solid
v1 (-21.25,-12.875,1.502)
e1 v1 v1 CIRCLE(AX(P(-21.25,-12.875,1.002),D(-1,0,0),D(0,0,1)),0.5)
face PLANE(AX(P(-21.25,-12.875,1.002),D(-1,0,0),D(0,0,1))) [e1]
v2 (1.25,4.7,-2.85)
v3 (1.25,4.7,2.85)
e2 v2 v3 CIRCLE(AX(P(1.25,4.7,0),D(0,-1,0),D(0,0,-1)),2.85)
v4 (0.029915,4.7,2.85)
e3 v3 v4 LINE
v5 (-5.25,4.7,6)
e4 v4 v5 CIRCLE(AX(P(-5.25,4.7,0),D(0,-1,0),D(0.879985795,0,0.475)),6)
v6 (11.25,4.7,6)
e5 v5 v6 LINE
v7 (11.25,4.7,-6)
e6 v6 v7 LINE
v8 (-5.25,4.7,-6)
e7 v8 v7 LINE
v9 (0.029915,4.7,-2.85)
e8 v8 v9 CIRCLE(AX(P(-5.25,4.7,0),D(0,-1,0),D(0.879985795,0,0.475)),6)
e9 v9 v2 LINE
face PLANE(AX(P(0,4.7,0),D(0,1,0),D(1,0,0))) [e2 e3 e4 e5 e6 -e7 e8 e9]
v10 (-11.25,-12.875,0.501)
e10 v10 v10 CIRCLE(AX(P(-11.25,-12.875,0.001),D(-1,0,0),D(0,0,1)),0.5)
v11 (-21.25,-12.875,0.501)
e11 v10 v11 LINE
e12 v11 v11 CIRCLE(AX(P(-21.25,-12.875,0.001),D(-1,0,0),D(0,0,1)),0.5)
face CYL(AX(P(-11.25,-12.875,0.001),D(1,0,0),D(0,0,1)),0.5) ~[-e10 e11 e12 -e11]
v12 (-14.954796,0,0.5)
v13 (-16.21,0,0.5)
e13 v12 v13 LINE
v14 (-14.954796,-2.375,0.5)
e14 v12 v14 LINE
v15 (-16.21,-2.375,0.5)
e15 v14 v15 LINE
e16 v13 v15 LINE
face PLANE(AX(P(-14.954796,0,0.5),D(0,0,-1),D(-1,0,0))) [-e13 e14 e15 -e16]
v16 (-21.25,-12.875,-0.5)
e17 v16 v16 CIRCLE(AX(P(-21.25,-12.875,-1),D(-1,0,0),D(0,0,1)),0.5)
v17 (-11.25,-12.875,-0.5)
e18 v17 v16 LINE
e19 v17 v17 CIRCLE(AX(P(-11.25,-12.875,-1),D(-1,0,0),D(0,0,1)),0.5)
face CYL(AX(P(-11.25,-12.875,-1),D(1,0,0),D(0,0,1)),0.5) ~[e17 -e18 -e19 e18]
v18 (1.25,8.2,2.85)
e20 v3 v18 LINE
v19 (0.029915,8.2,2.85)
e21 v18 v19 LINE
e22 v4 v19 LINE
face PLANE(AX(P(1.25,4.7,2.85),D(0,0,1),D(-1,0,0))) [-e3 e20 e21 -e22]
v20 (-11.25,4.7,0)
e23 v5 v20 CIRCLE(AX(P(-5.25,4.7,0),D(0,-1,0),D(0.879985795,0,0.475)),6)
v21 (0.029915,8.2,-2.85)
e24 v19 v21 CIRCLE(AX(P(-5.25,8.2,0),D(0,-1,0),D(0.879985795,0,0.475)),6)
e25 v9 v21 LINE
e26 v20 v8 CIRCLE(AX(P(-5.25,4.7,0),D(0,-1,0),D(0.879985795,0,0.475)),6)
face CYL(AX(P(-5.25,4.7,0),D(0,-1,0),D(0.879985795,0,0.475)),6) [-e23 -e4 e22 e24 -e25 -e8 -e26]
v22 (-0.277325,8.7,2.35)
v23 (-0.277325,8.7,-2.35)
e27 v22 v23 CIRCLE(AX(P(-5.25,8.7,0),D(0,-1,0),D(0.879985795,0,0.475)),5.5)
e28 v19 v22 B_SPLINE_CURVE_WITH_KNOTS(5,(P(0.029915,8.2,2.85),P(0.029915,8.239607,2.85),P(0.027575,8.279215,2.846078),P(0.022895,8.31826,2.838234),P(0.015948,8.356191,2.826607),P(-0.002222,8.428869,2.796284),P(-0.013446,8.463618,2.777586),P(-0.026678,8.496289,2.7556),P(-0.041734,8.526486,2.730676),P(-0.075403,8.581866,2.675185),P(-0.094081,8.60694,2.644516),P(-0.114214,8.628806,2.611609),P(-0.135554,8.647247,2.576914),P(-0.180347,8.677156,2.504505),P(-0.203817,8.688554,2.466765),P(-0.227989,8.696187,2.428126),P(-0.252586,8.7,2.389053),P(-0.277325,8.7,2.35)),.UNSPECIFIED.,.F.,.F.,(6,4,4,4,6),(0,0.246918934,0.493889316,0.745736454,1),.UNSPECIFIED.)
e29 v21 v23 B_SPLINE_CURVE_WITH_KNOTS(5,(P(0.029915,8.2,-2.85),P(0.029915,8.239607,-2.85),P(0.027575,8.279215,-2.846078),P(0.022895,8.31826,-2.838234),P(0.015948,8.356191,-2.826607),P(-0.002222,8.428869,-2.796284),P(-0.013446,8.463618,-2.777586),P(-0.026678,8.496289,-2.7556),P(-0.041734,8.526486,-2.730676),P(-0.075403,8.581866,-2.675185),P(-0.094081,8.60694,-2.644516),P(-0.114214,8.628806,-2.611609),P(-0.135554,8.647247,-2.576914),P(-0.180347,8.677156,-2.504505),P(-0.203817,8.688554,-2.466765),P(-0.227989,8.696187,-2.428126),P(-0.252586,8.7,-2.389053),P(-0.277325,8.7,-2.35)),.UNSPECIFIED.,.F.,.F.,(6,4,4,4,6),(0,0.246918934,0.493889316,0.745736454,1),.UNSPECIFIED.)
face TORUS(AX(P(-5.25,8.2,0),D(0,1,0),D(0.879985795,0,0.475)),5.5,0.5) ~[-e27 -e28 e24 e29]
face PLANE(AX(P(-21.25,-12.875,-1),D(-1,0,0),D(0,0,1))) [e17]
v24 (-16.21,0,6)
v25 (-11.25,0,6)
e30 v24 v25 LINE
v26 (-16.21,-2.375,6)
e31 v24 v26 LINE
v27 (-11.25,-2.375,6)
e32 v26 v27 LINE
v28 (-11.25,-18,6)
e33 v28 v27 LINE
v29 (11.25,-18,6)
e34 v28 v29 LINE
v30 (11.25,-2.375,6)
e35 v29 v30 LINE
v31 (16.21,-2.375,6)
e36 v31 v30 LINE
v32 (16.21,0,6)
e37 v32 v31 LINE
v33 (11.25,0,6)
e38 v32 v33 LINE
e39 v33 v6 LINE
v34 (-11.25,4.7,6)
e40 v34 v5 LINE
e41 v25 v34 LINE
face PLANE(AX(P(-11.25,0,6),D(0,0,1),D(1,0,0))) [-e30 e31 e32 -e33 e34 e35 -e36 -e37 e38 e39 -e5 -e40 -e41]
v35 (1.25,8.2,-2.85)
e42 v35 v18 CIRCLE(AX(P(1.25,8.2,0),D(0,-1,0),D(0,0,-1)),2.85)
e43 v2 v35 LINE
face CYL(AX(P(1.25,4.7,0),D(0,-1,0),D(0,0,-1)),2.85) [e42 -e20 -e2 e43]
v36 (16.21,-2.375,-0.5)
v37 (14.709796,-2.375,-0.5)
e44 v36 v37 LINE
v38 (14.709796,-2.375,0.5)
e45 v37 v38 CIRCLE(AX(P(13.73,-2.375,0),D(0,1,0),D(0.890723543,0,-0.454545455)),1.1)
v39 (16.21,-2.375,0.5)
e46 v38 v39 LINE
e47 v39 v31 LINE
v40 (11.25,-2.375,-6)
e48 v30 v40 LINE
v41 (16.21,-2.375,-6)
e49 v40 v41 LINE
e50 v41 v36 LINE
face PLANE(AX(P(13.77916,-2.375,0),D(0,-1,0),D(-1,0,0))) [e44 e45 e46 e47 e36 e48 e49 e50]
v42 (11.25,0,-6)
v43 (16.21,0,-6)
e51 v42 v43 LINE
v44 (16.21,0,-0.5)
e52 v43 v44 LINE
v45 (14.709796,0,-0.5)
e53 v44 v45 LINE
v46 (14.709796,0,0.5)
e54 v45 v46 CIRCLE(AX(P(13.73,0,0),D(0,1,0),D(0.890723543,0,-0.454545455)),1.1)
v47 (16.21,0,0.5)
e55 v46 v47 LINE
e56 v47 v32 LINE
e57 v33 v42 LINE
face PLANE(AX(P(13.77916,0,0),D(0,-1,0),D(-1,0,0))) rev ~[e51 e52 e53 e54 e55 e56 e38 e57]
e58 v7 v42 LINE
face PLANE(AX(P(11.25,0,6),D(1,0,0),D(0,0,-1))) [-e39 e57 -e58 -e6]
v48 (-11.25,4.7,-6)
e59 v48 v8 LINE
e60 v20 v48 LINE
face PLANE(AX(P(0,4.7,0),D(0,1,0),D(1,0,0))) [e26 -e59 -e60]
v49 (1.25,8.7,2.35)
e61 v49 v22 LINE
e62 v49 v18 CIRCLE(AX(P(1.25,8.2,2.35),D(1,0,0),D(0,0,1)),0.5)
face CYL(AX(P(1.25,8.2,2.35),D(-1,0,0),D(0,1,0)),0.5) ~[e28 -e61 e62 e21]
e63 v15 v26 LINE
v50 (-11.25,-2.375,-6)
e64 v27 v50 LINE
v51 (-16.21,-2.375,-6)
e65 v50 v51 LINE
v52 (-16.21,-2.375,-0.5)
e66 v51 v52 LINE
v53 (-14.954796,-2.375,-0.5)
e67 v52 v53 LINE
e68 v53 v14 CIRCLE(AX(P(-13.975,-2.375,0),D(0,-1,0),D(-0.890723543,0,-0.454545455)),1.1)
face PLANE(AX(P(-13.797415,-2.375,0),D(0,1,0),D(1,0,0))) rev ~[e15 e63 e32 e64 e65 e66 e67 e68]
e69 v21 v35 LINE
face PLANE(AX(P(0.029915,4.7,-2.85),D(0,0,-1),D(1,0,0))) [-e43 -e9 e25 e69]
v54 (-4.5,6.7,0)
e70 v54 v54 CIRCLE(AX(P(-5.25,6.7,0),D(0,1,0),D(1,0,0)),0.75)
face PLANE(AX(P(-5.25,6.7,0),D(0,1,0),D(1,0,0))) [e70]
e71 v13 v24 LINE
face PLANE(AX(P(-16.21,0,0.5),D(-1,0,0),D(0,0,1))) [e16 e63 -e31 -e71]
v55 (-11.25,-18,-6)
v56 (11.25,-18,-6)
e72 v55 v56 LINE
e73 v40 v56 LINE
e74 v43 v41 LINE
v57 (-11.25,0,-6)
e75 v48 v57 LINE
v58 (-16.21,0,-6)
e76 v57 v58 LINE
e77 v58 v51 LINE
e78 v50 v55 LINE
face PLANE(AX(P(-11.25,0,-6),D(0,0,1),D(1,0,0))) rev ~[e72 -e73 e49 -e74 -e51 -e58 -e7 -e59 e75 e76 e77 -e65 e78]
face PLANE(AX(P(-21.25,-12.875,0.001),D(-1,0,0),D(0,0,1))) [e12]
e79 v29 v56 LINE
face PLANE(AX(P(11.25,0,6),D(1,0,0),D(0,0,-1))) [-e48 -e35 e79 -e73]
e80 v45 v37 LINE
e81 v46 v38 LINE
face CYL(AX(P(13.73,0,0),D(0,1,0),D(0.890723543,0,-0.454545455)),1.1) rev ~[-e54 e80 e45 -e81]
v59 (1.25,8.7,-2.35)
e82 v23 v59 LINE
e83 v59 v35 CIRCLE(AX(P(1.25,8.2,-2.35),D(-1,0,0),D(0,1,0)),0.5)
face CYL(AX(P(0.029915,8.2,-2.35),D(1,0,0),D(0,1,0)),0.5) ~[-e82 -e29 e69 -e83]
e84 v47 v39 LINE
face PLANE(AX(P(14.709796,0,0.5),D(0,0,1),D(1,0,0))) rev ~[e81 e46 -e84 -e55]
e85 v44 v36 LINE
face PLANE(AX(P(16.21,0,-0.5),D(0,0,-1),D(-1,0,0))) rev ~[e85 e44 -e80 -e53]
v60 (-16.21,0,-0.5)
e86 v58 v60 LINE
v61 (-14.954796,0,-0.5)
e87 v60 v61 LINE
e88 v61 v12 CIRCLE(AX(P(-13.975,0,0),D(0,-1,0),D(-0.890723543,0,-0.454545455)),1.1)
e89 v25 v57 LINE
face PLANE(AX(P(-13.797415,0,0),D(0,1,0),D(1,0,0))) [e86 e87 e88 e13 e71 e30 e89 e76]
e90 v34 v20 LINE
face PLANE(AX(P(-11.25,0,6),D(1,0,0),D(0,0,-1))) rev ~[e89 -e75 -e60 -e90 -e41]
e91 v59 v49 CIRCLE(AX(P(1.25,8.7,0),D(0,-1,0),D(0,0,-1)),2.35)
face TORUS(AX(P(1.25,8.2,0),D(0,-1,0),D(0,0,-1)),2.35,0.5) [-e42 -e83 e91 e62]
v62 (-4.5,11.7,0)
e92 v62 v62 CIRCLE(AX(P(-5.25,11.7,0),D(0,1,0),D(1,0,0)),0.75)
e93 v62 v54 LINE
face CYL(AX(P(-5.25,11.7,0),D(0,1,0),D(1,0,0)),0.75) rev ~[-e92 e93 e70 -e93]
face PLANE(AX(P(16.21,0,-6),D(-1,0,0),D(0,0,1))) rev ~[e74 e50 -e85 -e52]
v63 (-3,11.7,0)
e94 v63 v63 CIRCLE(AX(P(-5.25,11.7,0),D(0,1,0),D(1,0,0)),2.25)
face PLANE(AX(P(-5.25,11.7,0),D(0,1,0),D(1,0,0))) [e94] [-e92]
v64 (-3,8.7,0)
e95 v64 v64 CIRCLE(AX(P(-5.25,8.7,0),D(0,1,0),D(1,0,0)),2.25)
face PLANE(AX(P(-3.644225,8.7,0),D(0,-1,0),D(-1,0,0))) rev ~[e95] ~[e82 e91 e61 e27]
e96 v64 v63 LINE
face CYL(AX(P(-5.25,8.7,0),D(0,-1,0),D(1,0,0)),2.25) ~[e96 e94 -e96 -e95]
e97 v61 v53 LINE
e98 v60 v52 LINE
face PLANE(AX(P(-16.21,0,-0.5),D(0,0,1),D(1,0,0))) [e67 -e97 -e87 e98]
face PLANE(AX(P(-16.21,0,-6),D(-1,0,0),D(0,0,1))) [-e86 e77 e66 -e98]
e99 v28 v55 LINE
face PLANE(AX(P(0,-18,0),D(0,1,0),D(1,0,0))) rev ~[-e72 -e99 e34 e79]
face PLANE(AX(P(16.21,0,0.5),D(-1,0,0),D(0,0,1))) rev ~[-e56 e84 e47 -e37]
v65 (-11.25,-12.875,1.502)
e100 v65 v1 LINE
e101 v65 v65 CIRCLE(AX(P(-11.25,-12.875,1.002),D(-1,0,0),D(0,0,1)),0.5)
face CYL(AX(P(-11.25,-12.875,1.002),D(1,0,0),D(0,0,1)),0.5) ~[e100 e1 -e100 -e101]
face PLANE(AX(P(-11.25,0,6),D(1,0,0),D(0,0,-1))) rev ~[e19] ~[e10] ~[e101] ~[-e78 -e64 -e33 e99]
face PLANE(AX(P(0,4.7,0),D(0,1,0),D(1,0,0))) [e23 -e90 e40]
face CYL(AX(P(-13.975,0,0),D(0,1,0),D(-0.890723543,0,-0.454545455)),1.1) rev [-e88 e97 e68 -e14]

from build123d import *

# Parameters (mm, degrees)
BODY_DEPTH             = 4.7
BODY_DEPTH_BACK        = 18
ESBO_O1_W              = 22.5
ESBO_O1_H              = 12
TABS_DEPTH             = 2.375
TOP_GEAR_HOUSING_DEPTH = 4
ESBO_O4_R              = 2.25
SHAFT_DEPTH            = 3
ESBO_O5_R              = 0.75
SHAFT_HOLE_DEPTH       = 5
FILETE2_R              = 0.5
SKETCH1_R              = 0.5
BOSS_EXTRUDE1_DEPTH    = 10
LPATTERN2_COUNT        = 3
LPATTERN2_PITCH        = 1.001


with BuildPart() as part:
    # Esboço1 → Body (new, two sides: drawn at the far end of the back side and taken through both)
    with BuildSketch(Plane(origin=(0, 0, 0), x_dir=(1, 0, 0), z_dir=(0, 1, 0)).offset(-BODY_DEPTH_BACK)):
        Rectangle(ESBO_O1_W, ESBO_O1_H)
    extrude(amount=BODY_DEPTH + BODY_DEPTH_BACK)

    # Esboço2 → tabs (add)
    with BuildSketch(Plane(origin=(0, 0, 0), x_dir=(1, 0, 0), z_dir=(0, 1, 0))):
        with BuildLine():
            Line((-11.25, 6), (-16.21, 6))
            Line((-16.21, 6), (-16.21, 0.5))
            Line((-16.21, 0.5), (-14.954795897, 0.5))
            ThreePointArc((-14.954795897, 0.5), (-12.875, 0), (-14.954795897, -0.5))
            Line((-14.954795897, -0.5), (-16.21, -0.5))
            Line((-16.21, -0.5), (-16.21, -6))
            Line((-16.21, -6), (-11.25, -6))
            Line((-11.25, -6), (-11.25, 6))
        make_face()
        with BuildLine():
            Line((11.25, 6), (16.21, 6))
            Line((16.21, 6), (16.21, 0.5))
            Line((16.21, 0.5), (14.709795897, 0.5))
            ThreePointArc((14.709795897, 0.5), (12.63, 0), (14.709795897, -0.5))
            Line((14.709795897, -0.5), (16.21, -0.5))
            Line((16.21, -0.5), (16.21, -6))
            Line((16.21, -6), (11.25, -6))
            Line((11.25, -6), (11.25, 6))
        make_face()
    extrude(amount=-TABS_DEPTH)

    # Esboço3 → Top Gear Housing (add)
    with BuildSketch(Plane(origin=(0, 4.7, 0), x_dir=(1, 0, 0), z_dir=(0, 1, 0))):
        with BuildLine():
            Line((0.029914772, 2.85), (1.25, 2.85))
            ThreePointArc((1.25, 2.85), (4.1, 0), (1.25, -2.85))
            Line((1.25, -2.85), (0.029914772, -2.85))
            ThreePointArc((0.029914772, -2.85), (-11.25, 0), (0.029914772, 2.85))
        make_face()
    extrude(amount=TOP_GEAR_HOUSING_DEPTH)

    # Esboço4 → shaft (add)
    with BuildSketch(Plane(origin=(0, 8.7, 0), x_dir=(1, 0, 0), z_dir=(0, 1, 0))):
        with Locations((-5.25, 0)):
            Circle(ESBO_O4_R)
    extrude(amount=SHAFT_DEPTH)

    # Esboço5 → shaft hole (cut)
    with BuildSketch(Plane(origin=(0, 11.7, 0), x_dir=(1, 0, 0), z_dir=(0, 1, 0))):
        with Locations((-5.25, 0)):
            Circle(ESBO_O5_R)
    extrude(amount=-SHAFT_HOLE_DEPTH, mode=Mode.SUBTRACT)

    # Filete2
    filete2_edges = [part.edges().sort_by_distance(p)[0] for p in [
        (0.639957386, 8.7, 2.85),
        (0.639957386, 8.7, -2.85),
        (4.1, 8.7, 0),
        (-11.25, 8.7, 0),
    ]]
    fillet(filete2_edges, radius=FILETE2_R)

    # Sketch1 → Boss-Extrude1 (add)
    with BuildSketch(Plane.ZY.offset(11.25)):
        with Locations((-1, -12.875)):
            Circle(SKETCH1_R)
    boss_extrude1 = extrude(amount=BOSS_EXTRUDE1_DEPTH)

    # LPattern2: Boss-Extrude1 ×3
    with Locations(*[(0, 0, i * LPATTERN2_PITCH) for i in range(1, LPATTERN2_COUNT)]):
        add(boss_extrude1)


solid = part.part
